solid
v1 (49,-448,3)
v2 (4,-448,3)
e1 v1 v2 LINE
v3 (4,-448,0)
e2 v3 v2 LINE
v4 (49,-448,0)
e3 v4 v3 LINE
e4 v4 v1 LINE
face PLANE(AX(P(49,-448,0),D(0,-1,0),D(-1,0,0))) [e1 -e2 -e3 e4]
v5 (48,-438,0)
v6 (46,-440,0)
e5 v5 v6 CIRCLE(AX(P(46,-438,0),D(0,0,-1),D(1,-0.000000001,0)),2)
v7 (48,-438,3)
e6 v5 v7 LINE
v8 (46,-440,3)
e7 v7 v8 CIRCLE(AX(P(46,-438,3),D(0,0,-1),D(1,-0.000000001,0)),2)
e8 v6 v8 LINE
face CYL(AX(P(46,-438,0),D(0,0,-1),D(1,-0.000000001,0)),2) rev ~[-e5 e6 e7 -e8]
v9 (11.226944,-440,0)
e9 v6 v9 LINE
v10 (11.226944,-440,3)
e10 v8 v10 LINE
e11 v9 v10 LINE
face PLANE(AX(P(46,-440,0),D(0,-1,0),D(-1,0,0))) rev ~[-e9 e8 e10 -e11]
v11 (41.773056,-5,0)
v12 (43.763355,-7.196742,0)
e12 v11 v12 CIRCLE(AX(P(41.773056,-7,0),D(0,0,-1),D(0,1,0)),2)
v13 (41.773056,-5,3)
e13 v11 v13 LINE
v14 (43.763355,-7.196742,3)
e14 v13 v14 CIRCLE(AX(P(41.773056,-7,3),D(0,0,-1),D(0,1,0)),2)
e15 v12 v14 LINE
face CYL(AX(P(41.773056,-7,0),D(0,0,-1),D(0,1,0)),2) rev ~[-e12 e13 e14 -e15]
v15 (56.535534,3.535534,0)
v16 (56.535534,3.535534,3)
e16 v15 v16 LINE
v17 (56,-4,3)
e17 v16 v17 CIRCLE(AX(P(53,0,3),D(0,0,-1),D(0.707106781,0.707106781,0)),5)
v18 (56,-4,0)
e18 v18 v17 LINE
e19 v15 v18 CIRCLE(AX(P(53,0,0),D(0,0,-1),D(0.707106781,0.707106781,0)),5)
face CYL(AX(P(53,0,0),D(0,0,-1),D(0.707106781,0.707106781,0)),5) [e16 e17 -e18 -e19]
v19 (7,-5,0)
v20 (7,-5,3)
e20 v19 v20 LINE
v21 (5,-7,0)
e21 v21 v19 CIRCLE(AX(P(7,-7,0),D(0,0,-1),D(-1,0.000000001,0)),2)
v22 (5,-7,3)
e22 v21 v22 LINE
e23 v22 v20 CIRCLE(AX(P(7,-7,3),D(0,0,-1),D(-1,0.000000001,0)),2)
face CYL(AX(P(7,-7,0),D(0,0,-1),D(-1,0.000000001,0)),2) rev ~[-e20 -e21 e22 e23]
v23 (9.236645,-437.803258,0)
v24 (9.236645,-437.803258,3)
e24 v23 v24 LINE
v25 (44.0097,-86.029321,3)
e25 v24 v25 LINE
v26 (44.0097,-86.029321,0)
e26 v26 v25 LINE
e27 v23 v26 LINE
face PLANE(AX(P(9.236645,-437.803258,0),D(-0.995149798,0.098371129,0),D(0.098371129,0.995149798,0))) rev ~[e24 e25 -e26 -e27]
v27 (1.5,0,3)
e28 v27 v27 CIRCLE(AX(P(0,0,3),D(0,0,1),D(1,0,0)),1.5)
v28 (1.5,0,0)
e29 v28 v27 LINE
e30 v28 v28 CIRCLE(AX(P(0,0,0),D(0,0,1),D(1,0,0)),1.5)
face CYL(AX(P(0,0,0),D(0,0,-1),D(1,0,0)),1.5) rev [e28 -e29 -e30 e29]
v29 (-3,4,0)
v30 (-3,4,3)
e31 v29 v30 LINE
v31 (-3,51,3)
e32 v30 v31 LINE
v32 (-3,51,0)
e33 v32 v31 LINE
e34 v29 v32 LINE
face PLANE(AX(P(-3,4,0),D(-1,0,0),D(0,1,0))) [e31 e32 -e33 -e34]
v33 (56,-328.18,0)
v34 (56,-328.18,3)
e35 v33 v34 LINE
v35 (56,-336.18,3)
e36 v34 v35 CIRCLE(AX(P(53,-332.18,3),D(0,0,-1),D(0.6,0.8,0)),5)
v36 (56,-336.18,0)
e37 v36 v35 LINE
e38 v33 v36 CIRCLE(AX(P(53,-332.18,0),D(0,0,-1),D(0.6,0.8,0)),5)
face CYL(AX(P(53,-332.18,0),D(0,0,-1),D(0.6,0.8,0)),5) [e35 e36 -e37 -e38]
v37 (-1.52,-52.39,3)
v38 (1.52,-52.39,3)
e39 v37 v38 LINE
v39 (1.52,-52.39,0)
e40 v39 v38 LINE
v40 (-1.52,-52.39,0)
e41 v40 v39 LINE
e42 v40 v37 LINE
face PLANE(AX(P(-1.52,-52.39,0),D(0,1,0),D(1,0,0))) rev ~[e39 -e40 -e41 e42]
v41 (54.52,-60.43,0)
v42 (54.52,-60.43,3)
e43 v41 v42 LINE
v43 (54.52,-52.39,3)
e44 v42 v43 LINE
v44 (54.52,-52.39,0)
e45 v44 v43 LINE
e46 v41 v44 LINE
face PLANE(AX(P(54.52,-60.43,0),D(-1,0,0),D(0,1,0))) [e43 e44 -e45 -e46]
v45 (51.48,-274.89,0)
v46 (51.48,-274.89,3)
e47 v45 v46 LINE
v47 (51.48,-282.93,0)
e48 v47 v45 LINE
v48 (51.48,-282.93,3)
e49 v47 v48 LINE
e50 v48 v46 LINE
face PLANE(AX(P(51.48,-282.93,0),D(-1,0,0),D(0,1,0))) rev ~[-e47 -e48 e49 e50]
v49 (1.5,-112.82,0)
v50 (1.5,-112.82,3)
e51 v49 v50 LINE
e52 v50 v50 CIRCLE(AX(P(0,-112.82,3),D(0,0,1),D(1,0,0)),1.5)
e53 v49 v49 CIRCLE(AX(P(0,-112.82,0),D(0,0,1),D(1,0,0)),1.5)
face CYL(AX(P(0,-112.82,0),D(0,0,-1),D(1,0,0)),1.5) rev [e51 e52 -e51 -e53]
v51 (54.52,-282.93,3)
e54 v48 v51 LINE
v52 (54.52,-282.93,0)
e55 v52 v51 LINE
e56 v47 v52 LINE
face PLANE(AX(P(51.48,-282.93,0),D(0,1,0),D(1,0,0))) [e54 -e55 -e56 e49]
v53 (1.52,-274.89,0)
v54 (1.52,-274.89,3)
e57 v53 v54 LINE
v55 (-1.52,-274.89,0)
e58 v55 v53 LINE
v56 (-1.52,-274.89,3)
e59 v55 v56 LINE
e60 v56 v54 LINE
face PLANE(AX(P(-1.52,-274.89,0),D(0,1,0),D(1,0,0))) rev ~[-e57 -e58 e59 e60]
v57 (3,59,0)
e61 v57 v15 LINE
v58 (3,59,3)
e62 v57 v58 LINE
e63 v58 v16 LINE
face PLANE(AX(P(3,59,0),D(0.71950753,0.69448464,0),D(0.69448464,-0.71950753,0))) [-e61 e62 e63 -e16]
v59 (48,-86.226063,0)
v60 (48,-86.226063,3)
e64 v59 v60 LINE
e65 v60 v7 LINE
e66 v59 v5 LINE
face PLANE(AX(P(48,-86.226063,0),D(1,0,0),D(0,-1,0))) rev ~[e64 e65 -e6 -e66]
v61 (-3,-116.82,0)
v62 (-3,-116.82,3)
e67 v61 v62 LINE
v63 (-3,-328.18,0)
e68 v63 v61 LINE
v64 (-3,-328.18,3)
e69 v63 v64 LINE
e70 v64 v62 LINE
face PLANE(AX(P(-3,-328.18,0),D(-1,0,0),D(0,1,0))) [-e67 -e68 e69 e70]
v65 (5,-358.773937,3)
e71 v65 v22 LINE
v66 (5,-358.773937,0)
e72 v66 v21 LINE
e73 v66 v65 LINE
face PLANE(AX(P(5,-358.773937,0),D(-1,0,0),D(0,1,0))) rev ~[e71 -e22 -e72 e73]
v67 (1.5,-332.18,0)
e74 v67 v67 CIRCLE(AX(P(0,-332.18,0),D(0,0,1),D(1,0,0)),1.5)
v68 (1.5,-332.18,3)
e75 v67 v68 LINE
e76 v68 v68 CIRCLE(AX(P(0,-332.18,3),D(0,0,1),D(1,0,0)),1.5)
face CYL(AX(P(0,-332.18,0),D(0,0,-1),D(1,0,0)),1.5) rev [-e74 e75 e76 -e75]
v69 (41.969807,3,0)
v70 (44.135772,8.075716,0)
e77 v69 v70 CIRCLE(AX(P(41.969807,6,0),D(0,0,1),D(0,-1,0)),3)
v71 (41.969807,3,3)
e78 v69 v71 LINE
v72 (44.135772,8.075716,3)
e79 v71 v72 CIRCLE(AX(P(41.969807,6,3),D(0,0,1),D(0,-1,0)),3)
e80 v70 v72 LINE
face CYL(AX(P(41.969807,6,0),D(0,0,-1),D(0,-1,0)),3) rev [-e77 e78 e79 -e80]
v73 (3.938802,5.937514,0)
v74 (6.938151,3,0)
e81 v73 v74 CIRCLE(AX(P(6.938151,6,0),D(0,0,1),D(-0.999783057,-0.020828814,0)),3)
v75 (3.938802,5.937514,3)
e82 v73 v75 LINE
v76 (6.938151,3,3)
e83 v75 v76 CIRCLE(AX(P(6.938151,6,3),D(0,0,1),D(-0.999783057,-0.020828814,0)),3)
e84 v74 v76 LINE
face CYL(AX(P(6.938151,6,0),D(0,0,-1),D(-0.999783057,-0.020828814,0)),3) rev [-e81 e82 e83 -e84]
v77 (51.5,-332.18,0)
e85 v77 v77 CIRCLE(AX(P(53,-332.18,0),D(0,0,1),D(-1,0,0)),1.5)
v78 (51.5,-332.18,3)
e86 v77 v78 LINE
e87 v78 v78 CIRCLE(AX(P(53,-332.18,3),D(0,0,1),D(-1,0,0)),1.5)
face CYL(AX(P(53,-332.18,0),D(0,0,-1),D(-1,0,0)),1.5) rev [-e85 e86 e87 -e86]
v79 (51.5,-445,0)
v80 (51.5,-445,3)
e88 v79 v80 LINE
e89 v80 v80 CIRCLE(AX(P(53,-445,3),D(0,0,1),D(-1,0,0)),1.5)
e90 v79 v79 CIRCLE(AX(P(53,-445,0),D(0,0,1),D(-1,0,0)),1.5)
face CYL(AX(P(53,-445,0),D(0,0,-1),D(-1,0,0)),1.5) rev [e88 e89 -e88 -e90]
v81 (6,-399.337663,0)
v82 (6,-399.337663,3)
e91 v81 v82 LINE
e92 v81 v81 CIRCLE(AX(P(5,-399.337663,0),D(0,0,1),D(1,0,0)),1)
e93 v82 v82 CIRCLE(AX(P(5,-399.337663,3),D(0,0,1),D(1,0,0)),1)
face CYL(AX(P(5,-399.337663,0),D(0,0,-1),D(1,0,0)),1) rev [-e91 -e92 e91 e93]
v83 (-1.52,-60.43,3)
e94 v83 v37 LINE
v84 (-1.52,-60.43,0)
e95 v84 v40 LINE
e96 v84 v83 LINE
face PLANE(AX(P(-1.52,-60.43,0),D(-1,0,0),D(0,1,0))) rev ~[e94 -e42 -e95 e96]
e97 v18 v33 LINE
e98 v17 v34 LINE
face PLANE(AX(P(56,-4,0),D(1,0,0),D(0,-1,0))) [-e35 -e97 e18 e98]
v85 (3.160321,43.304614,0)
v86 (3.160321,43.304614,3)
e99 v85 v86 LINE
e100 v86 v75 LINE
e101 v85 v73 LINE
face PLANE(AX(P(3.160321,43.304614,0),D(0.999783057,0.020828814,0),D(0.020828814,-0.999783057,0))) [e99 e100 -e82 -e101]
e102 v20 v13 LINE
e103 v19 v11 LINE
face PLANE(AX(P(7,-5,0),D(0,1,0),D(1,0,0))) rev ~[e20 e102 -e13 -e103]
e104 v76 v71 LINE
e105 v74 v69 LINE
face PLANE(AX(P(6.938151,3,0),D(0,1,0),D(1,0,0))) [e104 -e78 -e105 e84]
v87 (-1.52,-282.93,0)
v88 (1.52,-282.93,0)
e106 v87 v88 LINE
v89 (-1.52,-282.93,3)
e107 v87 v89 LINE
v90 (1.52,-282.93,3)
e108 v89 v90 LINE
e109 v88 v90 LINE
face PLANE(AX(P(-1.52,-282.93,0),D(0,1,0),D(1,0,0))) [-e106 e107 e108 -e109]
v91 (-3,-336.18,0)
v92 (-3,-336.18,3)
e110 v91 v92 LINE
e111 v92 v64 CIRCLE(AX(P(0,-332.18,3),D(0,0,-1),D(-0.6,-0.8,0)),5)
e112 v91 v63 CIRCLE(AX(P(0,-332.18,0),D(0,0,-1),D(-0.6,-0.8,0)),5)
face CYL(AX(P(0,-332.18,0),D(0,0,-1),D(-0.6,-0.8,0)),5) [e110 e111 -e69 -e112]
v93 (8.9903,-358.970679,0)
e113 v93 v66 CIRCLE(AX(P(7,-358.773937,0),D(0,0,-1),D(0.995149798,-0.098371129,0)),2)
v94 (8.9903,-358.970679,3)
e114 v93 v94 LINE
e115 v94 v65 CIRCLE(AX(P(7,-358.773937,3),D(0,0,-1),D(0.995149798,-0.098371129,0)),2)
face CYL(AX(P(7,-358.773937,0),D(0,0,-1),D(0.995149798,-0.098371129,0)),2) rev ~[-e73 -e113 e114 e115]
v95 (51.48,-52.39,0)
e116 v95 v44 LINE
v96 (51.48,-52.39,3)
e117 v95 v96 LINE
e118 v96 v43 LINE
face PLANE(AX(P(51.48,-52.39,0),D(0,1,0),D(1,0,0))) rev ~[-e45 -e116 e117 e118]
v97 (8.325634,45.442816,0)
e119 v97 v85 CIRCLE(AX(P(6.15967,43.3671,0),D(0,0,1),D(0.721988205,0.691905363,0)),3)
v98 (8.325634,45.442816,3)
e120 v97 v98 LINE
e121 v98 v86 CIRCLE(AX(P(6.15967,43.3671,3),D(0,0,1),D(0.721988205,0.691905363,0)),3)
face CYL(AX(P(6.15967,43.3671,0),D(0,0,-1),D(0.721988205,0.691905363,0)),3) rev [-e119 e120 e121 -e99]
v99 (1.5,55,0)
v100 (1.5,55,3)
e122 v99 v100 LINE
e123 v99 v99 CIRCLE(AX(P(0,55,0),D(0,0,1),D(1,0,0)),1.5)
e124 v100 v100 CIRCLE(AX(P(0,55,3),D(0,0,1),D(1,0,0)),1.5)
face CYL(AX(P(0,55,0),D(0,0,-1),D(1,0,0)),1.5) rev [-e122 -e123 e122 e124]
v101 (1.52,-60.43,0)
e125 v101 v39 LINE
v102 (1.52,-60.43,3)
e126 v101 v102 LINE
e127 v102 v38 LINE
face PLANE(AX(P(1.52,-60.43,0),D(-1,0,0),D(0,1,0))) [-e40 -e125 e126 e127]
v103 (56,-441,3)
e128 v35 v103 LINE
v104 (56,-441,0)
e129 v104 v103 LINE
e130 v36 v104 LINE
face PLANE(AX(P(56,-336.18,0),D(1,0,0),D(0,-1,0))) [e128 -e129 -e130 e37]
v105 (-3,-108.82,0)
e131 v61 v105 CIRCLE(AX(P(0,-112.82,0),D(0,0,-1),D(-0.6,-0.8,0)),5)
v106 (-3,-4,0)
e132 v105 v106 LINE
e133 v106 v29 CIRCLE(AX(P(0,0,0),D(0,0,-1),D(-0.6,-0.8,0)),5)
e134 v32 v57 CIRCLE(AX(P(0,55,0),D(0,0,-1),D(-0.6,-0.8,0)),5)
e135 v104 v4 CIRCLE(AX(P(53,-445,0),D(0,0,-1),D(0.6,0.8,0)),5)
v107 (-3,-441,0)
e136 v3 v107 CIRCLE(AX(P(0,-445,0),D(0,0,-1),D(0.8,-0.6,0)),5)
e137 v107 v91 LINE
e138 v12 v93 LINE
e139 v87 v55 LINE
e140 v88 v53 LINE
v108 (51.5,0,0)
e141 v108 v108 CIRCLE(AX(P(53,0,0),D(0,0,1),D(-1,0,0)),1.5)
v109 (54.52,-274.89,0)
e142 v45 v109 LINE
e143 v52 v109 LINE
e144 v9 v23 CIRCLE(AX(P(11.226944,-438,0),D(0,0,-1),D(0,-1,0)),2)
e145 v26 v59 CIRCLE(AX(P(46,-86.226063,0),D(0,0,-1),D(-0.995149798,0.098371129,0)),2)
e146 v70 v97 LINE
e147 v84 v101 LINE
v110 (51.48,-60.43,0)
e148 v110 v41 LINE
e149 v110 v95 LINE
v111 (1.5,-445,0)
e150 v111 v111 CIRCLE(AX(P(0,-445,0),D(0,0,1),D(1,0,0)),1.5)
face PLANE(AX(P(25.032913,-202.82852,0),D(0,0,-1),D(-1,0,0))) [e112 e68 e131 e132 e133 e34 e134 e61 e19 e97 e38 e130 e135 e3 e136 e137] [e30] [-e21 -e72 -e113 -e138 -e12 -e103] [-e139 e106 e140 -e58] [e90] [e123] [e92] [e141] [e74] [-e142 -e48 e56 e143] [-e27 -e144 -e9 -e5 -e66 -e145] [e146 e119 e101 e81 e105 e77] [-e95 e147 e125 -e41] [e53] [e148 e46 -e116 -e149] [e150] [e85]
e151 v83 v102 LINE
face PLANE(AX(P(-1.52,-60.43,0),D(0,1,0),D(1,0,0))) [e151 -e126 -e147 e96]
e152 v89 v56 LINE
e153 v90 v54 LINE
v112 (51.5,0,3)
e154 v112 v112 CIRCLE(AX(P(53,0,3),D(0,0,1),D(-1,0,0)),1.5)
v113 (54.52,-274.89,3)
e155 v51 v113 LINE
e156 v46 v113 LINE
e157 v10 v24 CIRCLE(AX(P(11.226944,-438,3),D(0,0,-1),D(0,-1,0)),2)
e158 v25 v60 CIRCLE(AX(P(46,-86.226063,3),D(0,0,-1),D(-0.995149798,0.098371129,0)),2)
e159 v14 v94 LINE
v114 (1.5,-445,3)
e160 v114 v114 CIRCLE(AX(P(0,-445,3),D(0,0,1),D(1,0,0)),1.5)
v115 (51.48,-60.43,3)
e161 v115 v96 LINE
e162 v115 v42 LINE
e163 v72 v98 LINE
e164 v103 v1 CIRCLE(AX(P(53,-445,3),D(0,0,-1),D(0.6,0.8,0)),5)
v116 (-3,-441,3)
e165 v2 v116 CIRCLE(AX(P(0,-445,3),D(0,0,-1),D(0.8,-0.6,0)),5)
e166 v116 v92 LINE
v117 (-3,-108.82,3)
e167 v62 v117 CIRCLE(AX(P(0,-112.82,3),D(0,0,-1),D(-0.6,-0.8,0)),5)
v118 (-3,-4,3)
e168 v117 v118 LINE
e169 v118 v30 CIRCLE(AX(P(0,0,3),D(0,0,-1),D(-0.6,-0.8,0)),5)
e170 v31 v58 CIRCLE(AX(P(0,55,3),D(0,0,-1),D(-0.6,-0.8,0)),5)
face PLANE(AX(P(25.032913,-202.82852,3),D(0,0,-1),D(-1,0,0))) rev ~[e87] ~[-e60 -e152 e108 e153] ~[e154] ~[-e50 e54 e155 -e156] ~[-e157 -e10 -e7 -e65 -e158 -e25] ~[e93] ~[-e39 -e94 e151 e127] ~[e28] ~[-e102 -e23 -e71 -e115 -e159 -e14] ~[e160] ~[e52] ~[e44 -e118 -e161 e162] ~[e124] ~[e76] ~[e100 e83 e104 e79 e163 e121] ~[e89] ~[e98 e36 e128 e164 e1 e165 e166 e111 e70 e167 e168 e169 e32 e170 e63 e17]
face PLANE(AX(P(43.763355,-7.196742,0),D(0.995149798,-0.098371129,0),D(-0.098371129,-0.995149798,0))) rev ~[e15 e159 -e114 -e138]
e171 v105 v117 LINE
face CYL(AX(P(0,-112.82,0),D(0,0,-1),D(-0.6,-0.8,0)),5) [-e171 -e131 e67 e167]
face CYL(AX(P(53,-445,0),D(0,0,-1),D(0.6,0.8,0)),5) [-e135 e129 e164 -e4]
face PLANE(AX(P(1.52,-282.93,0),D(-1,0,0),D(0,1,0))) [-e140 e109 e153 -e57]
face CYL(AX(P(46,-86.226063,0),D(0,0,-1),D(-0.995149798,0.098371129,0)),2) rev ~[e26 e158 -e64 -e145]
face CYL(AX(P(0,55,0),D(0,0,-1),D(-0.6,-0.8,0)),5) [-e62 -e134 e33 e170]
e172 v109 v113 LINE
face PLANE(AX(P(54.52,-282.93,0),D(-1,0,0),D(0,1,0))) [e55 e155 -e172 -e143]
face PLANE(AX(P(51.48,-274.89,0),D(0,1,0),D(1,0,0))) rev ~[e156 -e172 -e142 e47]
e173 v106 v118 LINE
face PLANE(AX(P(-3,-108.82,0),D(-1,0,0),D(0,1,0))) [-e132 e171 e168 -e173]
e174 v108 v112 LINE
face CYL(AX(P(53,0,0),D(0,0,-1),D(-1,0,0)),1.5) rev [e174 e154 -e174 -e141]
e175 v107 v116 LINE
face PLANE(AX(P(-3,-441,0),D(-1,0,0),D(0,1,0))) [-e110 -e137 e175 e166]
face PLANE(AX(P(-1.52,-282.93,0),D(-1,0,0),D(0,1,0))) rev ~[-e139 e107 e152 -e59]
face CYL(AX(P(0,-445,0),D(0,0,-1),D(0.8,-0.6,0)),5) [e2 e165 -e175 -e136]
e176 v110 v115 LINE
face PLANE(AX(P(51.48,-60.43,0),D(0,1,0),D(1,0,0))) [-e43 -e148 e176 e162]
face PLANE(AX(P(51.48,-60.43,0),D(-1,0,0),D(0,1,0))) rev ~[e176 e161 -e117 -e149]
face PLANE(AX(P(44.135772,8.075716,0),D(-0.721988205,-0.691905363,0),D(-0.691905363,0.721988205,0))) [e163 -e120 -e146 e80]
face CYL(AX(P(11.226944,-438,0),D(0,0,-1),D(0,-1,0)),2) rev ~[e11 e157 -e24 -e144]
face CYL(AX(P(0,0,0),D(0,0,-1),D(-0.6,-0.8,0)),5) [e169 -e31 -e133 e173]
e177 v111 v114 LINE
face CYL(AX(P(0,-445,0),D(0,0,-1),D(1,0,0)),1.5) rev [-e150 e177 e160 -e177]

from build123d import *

# Parameters (mm, degrees)
SKETCH_1_R      = 1.5
SKETCH_1_R_2    = 1
SKETCH_1_W      = 3.04
SKETCH_1_H      = 8.04
EXTRUDE_1_DEPTH = 3


with BuildPart() as part:
    # 草图1 → 凸台-拉伸1 (new body)
    with BuildSketch(Plane.XY):
        with BuildLine():
            Line((56, -336.18), (56, -441))
            ThreePointArc((56, -441), (56.535533906, -448.535533906), (49, -448))
            Line((49, -448), (4, -448))
            ThreePointArc((4, -448), (-3.535533906, -448.535533906), (-3, -441))
            Line((-3, -441), (-3, -438.832903769))
            Line((-3, -438.832903769), (-3, -429.017949192))
            Line((-3, -429.017949192), (-3, -336.18))
            ThreePointArc((-3, -336.18), (-5, -332.18), (-3, -328.18))
            Line((-3, -328.18), (-3, -116.82))
            ThreePointArc((-3, -116.82), (-5, -112.82), (-3, -108.82))
            Line((-3, -108.82), (-3, -4))
            ThreePointArc((-3, -4), (-5, 0), (-3, 4))
            Line((-3, 4), (-3, 51))
            ThreePointArc((-3, 51), (-4, 58), (3, 59))
            Line((3, 59), (56.535533906, 3.535533906))
            ThreePointArc((56.535533906, 3.535533906), (57.987421044, -0.3544451), (56, -4))
            Line((56, -4), (56, -328.18))
            ThreePointArc((56, -328.18), (58, -332.18), (56, -336.18))
        make_face()
        Circle(SKETCH_1_R, mode=Mode.SUBTRACT)
        with Locations((0, -445)):
            Circle(SKETCH_1_R, mode=Mode.SUBTRACT)
        with Locations((0, -332.18)):
            Circle(SKETCH_1_R, mode=Mode.SUBTRACT)
        with Locations(Location((53, -332.18, 0), (0, 0, 180))):
            Circle(SKETCH_1_R, mode=Mode.SUBTRACT)
        with Locations(Location((53, -445, 0), (0, 0, 180))):
            Circle(SKETCH_1_R, mode=Mode.SUBTRACT)
        with Locations(Location((53, 0, 0), (0, 0, 180))):
            Circle(SKETCH_1_R, mode=Mode.SUBTRACT)
        with Locations((5, -399.337663182)):
            Circle(SKETCH_1_R_2, mode=Mode.SUBTRACT)
        with Locations((0, 55)):
            Circle(SKETCH_1_R, mode=Mode.SUBTRACT)
        with Locations((0, -112.82)):
            Circle(SKETCH_1_R, mode=Mode.SUBTRACT)
        with BuildLine():
            Line((6.938150971, 3), (41.969807465, 3))
            ThreePointArc((41.969807465, 3), (44.729078046, 4.822534134), (44.135772081, 8.07571609))
            Line((44.135772081, 8.07571609), (8.325634331, 45.44281635))
            ThreePointArc((8.325634331, 45.44281635), (5.012233456, 46.138993121), (3.160320545, 43.30461382))
            Line((3.160320545, 43.30461382), (3.938801801, 5.937513559))
            ThreePointArc((3.938801801, 5.937513559), (4.839039174, 3.85670122), (6.938150971, 3))
        make_face(mode=Mode.SUBTRACT)
        with BuildLine():
            Line((48, -86.226063366), (48, -438))
            ThreePointArc((48, -438), (47.414213562, -439.414213562), (46, -440))
            Line((46, -440), (11.226944195, -440))
            ThreePointArc((11.226944195, -440), (9.744803089, -439.342854326), (9.236644598, -437.803257741))
            Line((9.236644598, -437.803257741), (44.009700404, -86.029321107))
            ThreePointArc((44.009700404, -86.029321107), (46.098490627, -84.228489939), (48, -86.226063366))
        make_face(mode=Mode.SUBTRACT)
        with BuildLine():
            Line((43.763355402, -7.196742259), (8.990299596, -358.970678893))
            ThreePointArc((8.990299596, -358.970678893), (6.901509373, -360.771510061), (5, -358.773936634))
            Line((5, -358.773936634), (5, -7))
            ThreePointArc((5, -7), (5.585786438, -5.585786438), (7, -5))
            Line((7, -5), (41.773055805, -5))
            ThreePointArc((41.773055805, -5), (43.255196911, -5.657145674), (43.763355402, -7.196742259))
        make_face(mode=Mode.SUBTRACT)
        with Locations((53, -56.41)):
            Rectangle(SKETCH_1_W, SKETCH_1_H, mode=Mode.SUBTRACT)
        with Locations((0, -56.41)):
            Rectangle(SKETCH_1_W, SKETCH_1_H, mode=Mode.SUBTRACT)
        with Locations((53, -278.91)):
            Rectangle(SKETCH_1_W, SKETCH_1_H, mode=Mode.SUBTRACT)
        with Locations((0, -278.91)):
            Rectangle(SKETCH_1_W, SKETCH_1_H, mode=Mode.SUBTRACT)
    extrude(amount=EXTRUDE_1_DEPTH)


solid = part.part
